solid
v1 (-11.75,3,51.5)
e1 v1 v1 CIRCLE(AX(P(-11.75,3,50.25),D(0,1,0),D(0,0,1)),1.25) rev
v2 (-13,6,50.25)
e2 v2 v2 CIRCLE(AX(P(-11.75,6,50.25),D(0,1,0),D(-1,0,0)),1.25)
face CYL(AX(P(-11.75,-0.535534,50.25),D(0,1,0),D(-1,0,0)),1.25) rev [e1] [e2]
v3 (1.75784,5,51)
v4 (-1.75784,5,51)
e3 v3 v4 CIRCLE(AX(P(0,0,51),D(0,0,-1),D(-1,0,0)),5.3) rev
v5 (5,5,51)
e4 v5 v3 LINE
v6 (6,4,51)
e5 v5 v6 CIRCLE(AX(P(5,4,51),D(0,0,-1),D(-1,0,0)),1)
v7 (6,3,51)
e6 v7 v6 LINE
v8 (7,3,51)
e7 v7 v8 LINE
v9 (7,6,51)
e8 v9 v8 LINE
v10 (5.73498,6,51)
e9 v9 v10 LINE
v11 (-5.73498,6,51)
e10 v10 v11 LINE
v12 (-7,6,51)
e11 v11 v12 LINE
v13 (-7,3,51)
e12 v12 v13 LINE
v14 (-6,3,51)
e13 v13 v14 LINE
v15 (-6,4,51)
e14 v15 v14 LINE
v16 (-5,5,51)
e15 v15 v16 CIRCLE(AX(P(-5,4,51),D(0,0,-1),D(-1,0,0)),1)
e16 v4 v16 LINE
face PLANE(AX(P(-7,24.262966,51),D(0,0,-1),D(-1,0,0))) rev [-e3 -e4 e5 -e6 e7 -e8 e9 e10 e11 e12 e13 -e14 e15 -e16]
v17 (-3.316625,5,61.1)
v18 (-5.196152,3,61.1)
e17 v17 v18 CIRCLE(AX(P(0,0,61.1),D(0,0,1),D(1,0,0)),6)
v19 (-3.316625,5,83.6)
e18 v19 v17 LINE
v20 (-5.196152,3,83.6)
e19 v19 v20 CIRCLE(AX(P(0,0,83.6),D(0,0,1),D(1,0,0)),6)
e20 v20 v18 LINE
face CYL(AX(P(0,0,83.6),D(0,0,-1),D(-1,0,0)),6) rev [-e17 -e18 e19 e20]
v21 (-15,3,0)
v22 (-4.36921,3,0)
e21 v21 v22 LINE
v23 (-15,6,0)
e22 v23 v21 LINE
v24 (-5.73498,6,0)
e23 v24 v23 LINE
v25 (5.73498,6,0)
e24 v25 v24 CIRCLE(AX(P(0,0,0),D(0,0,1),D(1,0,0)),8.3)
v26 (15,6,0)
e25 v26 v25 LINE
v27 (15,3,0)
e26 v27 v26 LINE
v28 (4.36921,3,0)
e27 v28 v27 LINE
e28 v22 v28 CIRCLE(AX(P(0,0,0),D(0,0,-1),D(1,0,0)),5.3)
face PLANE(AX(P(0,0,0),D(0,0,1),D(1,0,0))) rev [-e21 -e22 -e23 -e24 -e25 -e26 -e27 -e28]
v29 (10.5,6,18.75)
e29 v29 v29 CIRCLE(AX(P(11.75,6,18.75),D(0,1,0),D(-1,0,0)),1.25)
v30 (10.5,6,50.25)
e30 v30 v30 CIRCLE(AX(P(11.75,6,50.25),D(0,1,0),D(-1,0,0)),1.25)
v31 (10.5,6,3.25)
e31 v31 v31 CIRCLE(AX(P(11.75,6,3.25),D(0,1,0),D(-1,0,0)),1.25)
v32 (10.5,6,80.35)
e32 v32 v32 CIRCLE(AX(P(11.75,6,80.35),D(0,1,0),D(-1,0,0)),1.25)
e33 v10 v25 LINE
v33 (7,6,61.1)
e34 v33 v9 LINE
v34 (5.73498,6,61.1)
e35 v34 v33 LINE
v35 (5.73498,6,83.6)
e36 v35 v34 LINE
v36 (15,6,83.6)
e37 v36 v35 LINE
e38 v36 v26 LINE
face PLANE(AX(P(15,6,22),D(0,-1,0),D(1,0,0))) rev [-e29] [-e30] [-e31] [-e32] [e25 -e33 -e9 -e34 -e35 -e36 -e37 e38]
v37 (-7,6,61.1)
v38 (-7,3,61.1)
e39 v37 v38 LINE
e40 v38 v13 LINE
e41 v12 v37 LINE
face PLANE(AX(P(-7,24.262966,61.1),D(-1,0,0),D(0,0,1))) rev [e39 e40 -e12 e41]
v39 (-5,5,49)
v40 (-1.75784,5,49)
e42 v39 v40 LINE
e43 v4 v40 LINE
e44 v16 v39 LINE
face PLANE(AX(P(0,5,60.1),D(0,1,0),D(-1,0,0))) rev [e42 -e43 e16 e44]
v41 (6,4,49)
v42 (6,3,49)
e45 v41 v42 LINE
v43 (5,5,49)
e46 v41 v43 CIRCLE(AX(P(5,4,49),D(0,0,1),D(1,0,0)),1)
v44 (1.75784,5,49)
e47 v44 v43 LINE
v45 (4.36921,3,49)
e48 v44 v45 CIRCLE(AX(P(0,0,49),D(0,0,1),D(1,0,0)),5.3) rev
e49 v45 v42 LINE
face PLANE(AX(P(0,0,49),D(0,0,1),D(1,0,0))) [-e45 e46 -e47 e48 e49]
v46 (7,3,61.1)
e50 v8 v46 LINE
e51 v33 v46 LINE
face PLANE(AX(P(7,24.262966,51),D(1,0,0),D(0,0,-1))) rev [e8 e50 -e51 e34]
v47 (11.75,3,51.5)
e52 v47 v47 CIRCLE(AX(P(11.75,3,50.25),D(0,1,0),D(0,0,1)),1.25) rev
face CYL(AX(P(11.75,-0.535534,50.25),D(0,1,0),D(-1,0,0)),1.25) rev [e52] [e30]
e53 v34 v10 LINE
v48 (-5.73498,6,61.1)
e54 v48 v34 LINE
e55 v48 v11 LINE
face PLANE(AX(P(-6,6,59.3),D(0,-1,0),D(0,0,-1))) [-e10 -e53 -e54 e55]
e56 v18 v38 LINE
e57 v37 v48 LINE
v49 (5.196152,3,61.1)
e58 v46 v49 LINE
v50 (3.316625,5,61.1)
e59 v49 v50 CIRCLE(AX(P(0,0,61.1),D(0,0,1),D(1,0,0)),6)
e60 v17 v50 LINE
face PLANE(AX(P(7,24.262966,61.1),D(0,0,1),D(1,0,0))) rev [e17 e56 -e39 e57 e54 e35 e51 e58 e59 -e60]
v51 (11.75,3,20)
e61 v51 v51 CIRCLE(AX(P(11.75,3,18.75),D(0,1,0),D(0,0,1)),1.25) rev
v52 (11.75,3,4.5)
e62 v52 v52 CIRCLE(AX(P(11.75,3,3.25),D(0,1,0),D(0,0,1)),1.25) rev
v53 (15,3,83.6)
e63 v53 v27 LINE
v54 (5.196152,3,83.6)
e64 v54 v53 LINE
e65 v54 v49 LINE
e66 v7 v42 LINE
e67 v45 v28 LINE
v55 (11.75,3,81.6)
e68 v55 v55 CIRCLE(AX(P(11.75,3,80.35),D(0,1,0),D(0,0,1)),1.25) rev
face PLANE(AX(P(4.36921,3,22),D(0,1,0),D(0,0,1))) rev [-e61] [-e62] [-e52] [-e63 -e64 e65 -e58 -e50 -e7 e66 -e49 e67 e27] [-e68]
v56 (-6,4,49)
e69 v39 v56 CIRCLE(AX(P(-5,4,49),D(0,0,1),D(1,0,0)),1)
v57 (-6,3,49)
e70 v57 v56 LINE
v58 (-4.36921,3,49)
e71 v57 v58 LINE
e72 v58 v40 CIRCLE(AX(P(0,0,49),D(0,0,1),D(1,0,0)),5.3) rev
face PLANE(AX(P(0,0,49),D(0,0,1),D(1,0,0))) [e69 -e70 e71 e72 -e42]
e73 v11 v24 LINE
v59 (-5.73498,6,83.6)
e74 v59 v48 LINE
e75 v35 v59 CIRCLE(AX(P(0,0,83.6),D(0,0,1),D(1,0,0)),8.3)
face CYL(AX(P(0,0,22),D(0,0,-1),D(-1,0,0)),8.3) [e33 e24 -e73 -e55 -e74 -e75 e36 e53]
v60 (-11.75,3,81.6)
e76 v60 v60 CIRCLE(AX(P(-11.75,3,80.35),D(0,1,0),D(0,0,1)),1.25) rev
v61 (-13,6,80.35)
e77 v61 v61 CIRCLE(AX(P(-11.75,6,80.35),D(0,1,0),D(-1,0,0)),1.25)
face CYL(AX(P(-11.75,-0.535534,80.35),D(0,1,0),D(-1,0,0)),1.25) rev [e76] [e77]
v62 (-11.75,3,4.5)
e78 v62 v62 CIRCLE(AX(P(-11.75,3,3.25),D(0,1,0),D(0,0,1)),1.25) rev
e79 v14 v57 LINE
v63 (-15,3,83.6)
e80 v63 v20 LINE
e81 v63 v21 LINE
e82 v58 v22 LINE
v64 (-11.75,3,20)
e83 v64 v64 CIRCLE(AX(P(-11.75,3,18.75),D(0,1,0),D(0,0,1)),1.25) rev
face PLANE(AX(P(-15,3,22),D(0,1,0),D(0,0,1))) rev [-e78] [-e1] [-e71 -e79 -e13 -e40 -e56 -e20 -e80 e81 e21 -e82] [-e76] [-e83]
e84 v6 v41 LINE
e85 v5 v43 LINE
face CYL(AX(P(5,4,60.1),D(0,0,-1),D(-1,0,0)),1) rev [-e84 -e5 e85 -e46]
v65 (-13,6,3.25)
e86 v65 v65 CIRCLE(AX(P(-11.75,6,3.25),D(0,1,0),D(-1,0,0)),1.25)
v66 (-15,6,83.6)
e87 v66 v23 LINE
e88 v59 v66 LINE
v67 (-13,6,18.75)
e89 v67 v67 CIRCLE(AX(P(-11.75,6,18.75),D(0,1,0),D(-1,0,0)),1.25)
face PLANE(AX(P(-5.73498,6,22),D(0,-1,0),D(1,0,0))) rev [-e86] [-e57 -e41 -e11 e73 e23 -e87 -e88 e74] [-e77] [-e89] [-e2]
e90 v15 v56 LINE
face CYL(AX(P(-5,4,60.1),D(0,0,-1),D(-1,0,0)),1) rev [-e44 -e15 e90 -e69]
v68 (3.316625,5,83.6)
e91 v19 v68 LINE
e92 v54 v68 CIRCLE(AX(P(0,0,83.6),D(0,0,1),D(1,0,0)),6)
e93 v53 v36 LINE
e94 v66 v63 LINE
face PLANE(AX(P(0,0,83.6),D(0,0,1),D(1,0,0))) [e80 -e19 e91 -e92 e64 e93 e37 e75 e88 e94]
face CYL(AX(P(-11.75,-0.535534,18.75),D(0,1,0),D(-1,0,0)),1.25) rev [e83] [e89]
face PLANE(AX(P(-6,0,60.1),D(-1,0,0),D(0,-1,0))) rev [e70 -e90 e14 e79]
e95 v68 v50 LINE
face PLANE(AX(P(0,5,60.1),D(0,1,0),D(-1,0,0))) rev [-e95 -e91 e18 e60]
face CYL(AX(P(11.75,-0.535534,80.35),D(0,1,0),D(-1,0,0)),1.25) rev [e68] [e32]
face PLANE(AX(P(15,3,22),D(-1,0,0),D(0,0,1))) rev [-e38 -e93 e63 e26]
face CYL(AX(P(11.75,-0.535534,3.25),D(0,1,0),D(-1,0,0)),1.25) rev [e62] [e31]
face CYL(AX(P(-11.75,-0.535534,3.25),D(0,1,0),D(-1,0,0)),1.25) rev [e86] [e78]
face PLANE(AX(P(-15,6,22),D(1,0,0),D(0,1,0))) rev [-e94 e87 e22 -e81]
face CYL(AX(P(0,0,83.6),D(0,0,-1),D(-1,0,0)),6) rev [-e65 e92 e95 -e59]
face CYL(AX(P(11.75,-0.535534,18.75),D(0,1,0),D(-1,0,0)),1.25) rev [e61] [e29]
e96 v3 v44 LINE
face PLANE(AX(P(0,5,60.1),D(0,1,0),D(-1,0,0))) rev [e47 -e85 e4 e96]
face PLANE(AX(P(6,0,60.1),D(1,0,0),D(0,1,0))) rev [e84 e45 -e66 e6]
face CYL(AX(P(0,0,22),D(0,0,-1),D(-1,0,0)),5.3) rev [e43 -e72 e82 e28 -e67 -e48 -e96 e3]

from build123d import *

# Parameters (mm, degrees)
BOSS_EXTRUDE1_DEPTH = 22
SKETCH4_R           = 1.25
CUT_EXTRUDE1_DEPTH  = 3
BOSS_EXTRUDE2_DEPTH = 27
BOSS_EXTRUDE3_START = 27
BOSS_EXTRUDE3_DEPTH = 11.1
BOSS_EXTRUDE5_DEPTH = 23.5
SKETCH8_R           = 1.25
CUT_EXTRUDE2_DEPTH  = 3
SKETCH9_W           = 14
SKETCH9_H           = 10.1
CUT_EXTRUDE3_DEPTH  = 3


with BuildPart() as part:
    # Sketch3 → Boss-Extrude1 (new body)
    with BuildSketch(Plane.XY):
        with BuildLine():
            Line((-15, 3), (-4.369210455, 3))
            ThreePointArc((-4.369210455, 3), (0, 5.3), (4.369210455, 3))
            Line((4.369210455, 3), (15, 3))
            Line((15, 3), (15, 6))
            Line((15, 6), (5.734980384, 6))
            ThreePointArc((5.734980384, 6), (0, 8.3), (-5.734980384, 6))
            Line((-5.734980384, 6), (-15, 6))
            Line((-15, 6), (-15, 3))
        make_face()
    extrude(amount=BOSS_EXTRUDE1_DEPTH)

    # Sketch4 → Cut-Extrude1 (cut)
    with BuildSketch(Plane(origin=(0, 6, 0), x_dir=(1, 0, 0), z_dir=(0, 1, 0))):
        with Locations(Location((11.75, -18.75, 0), (0, 0, 180))):
            Circle(SKETCH4_R)
        with Locations(Location((11.75, -3.25, 0), (0, 0, 180))):
            Circle(SKETCH4_R)
        with Locations(Location((-11.75, -3.25, 0), (0, 0, 180))):
            Circle(SKETCH4_R)
        with Locations(Location((-11.75, -18.75, 0), (0, 0, 180))):
            Circle(SKETCH4_R)
    extrude(amount=-CUT_EXTRUDE1_DEPTH, mode=Mode.SUBTRACT)

    # Sketch5 → Boss-Extrude2 (add)
    with BuildSketch(Plane.XY.offset(22)):
        with BuildLine():
            Line((6, 4), (6, 3))
            Line((6, 3), (15, 3))
            Line((15, 3), (15, 6))
            Line((15, 6), (5.734980384, 6))
            ThreePointArc((5.734980384, 6), (0, 8.3), (-5.734980384, 6))
            Line((-5.734980384, 6), (-15, 6))
            Line((-15, 6), (-15, 3))
            Line((-15, 3), (-6, 3))
            Line((-6, 3), (-6, 4))
            ThreePointArc((-6, 4), (-5.707106781, 4.707106781), (-5, 5))
            Line((-5, 5), (-1.757839583, 5))
            ThreePointArc((-1.757839583, 5), (0, 5.3), (1.757839583, 5))
            Line((1.757839583, 5), (5, 5))
            ThreePointArc((5, 5), (5.707106781, 4.707106781), (6, 4))
        make_face()
        with BuildLine():
            ThreePointArc((-4.369210455, 3), (-3.222605397, 4.207708932), (-1.757839583, 5))
            Line((-1.757839583, 5), (-5, 5))
            ThreePointArc((-5, 5), (-5.707106781, 4.707106781), (-6, 4))
            Line((-6, 4), (-6, 3))
            Line((-6, 3), (-4.369210455, 3))
        make_face()
        with BuildLine():
            Line((4.369210455, 3), (6, 3))
            Line((6, 3), (6, 4))
            ThreePointArc((6, 4), (5.707106781, 4.707106781), (5, 5))
            Line((5, 5), (1.757839583, 5))
            ThreePointArc((1.757839583, 5), (3.222605397, 4.207708932), (4.369210455, 3))
        make_face()
    extrude(amount=BOSS_EXTRUDE2_DEPTH)

    # Sketch5<3> → Boss-Extrude3 (add)
    with BuildSketch(Plane.XY.offset(22).offset(BOSS_EXTRUDE3_START)):
        with BuildLine():
            Line((6, 4), (6, 3))
            Line((6, 3), (15, 3))
            Line((15, 3), (15, 6))
            Line((15, 6), (5.734980384, 6))
            ThreePointArc((5.734980384, 6), (0, 8.3), (-5.734980384, 6))
            Line((-5.734980384, 6), (-15, 6))
            Line((-15, 6), (-15, 3))
            Line((-15, 3), (-6, 3))
            Line((-6, 3), (-6, 4))
            ThreePointArc((-6, 4), (-5.707106781, 4.707106781), (-5, 5))
            Line((-5, 5), (-1.757839583, 5))
            ThreePointArc((-1.757839583, 5), (0, 5.3), (1.757839583, 5))
            Line((1.757839583, 5), (5, 5))
            ThreePointArc((5, 5), (5.707106781, 4.707106781), (6, 4))
        make_face()
    extrude(amount=BOSS_EXTRUDE3_DEPTH)

    # Sketch7 → Boss-Extrude5 (add)
    with BuildSketch(Plane.XY.offset(60.1)):
        with BuildLine():
            Line((-15, 6), (-15, 3))
            Line((-15, 3), (-6, 3))
            Line((-6, 3), (-6, 4))
            ThreePointArc((-6, 4), (-5.707106781, 4.707106781), (-5, 5))
            Line((-5, 5), (-1.757839583, 5))
            ThreePointArc((-1.757839583, 5), (0, 5.3), (1.757839583, 5))
            Line((1.757839583, 5), (5, 5))
            ThreePointArc((5, 5), (5.707106781, 4.707106781), (6, 4))
            Line((6, 4), (6, 3))
            Line((6, 3), (15, 3))
            Line((15, 3), (15, 6))
            Line((15, 6), (5.734980384, 6))
            ThreePointArc((5.734980384, 6), (0, 8.3), (-5.734980384, 6))
            Line((-5.734980384, 6), (-15, 6))
        make_face()
        with BuildLine():
            ThreePointArc((-5.196152423, 3), (-4.372281323, 4.108911782), (-3.31662479, 5))
            Line((-3.31662479, 5), (-5, 5))
            ThreePointArc((-5, 5), (-5.707106781, 4.707106781), (-6, 4))
            Line((-6, 4), (-6, 3))
            Line((-6, 3), (-5.196152423, 3))
        make_face()
        with BuildLine():
            Line((5, 5), (3.31662479, 5))
            ThreePointArc((3.31662479, 5), (4.372281323, 4.108911782), (5.196152423, 3))
            Line((5.196152423, 3), (6, 3))
            Line((6, 3), (6, 4))
            ThreePointArc((6, 4), (5.707106781, 4.707106781), (5, 5))
        make_face()
        with BuildLine():
            Line((-1.757839583, 5), (1.757839583, 5))
            ThreePointArc((1.757839583, 5), (0, 5.3), (-1.757839583, 5))
        make_face()
    extrude(amount=BOSS_EXTRUDE5_DEPTH)

    # Sketch8 → Cut-Extrude2 (cut)
    with BuildSketch(Plane(origin=(0, 6, 0), x_dir=(1, 0, 0), z_dir=(0, 1, 0))):
        with Locations(Location((-11.75, -80.35, 0), (0, 0, 180))):
            Circle(SKETCH8_R)
        with Locations(Location((-11.75, -50.25, 0), (0, 0, 180))):
            Circle(SKETCH8_R)
        with Locations(Location((11.75, -50.25, 0), (0, 0, 180))):
            Circle(SKETCH8_R)
        with Locations(Location((11.75, -80.35, 0), (0, 0, 180))):
            Circle(SKETCH8_R)
    extrude(amount=-CUT_EXTRUDE2_DEPTH, mode=Mode.SUBTRACT)

    # Sketch9 → Cut-Extrude3 (cut)
    with BuildSketch(Plane.XZ.offset(-3)):
        with Locations((0, 56.05)):
            Rectangle(SKETCH9_W, SKETCH9_H)
    extrude(amount=-CUT_EXTRUDE3_DEPTH, mode=Mode.SUBTRACT)


solid = part.part
